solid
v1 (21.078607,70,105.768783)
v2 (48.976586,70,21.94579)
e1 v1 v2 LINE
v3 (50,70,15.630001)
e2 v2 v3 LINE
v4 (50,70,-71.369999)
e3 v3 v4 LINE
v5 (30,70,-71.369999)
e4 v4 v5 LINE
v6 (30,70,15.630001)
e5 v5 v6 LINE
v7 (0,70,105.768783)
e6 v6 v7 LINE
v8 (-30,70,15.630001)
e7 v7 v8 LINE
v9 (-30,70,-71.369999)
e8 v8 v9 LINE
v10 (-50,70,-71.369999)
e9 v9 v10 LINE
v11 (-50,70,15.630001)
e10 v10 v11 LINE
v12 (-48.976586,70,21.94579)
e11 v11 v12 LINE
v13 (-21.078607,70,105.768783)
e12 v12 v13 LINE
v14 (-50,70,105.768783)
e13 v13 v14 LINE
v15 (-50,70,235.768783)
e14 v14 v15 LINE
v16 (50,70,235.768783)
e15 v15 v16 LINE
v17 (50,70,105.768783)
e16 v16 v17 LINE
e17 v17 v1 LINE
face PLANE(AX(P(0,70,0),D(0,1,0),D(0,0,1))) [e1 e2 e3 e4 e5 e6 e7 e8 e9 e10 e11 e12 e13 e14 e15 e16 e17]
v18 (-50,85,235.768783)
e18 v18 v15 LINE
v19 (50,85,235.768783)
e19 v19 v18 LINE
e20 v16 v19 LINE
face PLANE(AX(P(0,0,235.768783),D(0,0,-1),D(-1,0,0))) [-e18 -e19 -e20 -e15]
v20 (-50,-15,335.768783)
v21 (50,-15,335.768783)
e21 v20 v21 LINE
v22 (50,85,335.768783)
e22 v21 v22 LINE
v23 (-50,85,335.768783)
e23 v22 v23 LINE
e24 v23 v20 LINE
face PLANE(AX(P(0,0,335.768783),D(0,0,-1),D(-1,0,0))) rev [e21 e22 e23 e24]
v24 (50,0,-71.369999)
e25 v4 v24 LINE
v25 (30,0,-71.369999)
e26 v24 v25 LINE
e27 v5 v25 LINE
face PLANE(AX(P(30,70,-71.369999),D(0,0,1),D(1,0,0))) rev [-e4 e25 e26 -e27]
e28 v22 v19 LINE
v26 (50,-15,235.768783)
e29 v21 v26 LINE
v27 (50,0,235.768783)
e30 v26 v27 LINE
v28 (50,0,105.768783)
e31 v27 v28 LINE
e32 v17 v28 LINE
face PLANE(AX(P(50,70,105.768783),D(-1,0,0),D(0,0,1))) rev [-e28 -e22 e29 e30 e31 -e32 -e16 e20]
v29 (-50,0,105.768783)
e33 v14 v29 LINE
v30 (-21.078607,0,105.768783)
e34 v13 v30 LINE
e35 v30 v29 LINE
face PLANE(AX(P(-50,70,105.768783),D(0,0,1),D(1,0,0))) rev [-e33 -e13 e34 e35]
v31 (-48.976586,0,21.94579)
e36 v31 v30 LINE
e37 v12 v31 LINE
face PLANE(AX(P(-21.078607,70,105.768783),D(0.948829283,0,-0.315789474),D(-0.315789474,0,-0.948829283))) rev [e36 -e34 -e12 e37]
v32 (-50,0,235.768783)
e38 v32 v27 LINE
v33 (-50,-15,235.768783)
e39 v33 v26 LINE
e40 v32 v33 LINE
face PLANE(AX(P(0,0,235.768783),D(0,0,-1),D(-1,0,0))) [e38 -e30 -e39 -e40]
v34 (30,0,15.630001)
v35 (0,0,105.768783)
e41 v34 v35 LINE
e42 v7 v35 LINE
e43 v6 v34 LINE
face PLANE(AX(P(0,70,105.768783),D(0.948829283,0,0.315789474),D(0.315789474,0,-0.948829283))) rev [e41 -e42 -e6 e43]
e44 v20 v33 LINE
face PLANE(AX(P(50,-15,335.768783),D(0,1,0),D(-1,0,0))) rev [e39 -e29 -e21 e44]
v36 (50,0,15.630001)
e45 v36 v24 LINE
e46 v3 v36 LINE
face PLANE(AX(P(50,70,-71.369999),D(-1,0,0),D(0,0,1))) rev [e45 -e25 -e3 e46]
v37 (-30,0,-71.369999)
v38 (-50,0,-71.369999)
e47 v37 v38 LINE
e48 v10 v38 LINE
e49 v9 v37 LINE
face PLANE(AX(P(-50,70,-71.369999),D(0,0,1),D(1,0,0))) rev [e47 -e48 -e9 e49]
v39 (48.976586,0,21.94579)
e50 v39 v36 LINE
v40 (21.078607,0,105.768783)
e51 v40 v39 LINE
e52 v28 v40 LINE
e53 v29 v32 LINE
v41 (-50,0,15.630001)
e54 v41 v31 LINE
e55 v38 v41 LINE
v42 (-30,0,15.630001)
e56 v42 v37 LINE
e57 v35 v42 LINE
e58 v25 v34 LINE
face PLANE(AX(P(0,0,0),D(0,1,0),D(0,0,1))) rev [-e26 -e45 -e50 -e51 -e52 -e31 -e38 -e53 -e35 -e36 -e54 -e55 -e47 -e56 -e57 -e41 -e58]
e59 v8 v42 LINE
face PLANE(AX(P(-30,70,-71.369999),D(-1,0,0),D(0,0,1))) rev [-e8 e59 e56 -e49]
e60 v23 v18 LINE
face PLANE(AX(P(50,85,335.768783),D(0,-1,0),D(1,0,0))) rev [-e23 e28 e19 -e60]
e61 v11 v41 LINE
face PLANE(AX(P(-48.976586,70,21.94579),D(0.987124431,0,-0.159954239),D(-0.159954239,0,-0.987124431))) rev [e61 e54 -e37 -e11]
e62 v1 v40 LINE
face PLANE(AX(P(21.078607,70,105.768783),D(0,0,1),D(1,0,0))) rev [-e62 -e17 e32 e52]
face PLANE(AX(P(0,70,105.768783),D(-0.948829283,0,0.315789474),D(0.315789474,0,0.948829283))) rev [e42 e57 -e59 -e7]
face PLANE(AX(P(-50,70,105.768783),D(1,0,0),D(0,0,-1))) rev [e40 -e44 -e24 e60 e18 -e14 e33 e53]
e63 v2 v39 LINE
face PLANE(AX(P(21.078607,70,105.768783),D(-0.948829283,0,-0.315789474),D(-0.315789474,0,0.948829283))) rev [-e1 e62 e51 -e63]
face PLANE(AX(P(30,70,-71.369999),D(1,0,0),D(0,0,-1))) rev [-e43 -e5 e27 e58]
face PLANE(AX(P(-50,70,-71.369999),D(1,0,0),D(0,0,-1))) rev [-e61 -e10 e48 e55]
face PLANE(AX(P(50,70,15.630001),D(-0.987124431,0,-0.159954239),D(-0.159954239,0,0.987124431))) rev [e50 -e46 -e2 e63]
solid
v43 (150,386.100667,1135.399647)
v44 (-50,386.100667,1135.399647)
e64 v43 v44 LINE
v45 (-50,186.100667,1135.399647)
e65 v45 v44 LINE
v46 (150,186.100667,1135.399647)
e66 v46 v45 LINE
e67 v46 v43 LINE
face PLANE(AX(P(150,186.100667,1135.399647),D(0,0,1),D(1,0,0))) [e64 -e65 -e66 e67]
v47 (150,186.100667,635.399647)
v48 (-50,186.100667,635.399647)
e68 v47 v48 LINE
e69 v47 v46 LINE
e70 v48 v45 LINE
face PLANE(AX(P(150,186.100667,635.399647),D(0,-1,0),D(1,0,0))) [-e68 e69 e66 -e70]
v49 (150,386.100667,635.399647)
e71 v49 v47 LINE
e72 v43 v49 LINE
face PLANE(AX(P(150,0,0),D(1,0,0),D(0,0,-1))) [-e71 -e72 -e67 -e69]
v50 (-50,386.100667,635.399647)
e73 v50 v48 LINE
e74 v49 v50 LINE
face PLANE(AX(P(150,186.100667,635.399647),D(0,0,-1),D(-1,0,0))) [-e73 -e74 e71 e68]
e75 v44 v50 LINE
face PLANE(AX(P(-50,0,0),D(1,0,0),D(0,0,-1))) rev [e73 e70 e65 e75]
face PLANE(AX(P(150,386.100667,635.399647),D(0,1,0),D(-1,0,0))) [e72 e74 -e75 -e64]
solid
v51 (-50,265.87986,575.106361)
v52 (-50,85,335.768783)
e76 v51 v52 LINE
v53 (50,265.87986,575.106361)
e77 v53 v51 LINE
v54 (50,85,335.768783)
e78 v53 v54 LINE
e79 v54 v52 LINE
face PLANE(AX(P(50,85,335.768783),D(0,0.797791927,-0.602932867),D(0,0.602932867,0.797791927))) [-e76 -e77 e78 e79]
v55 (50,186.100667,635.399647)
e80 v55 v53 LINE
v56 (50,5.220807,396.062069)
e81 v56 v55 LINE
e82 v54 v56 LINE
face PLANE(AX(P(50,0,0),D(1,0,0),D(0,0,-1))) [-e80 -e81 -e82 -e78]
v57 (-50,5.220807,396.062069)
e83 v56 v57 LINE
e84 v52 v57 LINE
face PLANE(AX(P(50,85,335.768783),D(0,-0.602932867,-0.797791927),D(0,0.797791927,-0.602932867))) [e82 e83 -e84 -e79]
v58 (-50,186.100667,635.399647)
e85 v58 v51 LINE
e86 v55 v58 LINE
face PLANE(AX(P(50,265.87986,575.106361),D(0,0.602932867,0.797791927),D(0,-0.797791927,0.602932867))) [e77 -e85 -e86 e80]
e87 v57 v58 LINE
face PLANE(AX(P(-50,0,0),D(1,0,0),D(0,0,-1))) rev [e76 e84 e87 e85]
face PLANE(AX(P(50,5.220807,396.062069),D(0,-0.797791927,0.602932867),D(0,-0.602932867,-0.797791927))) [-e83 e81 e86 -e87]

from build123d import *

# Parameters (mm, degrees)
BOSS_EXTRUDE1_DEPTH = 70
SKETCH2_W           = 100
SKETCH2_H           = 100
BOSS_EXTRUDE2_DEPTH = 100
BOSS_EXTRUDE3_DEPTH = 100
SKETCH4_W           = 500
SKETCH4_H           = 200
BOSS_EXTRUDE4_DEPTH = 200


with BuildPart() as part:
    # Sketch1 → Boss-Extrude1 (new body)
    with BuildSketch(Plane(origin=(0, 0, 0), x_dir=(1, 0, 0), z_dir=(0, 1, 0))):
        Polygon((0, -105.768782521), (-30, -15.630000635), (-30, 71.369999365), (-50, 71.369999365), (-50, -15.630000635), (-48.97658566, -21.945790108), (-21.078607457, -105.768782521), (-50, -105.768782521), (-50, -235.768782521), (50, -235.768782521), (50, -105.768782521), (21.078607457, -105.768782521), (48.97658566, -21.945790108), (50, -15.630000635), (50, 71.369999365), (30, 71.369999365), (30, -15.630000635), align=None)
    extrude(amount=BOSS_EXTRUDE1_DEPTH)

    # Sketch2 → Boss-Extrude2 (add)
    with BuildSketch(Plane.XY.offset(235.768782521)):
        with Locations((0, 35)):
            Rectangle(SKETCH2_W, SKETCH2_H)
    extrude(amount=BOSS_EXTRUDE2_DEPTH)


with BuildPart() as body_2:
    # Sketch3 → Boss-Extrude3 (new body)
    with BuildSketch(Plane.ZY.offset(50)):
        Polygon((335.768782521, 85), (396.06206918, 5.220807325), (635.399647205, 186.100667301), (575.106360546, 265.879859976), align=None)
    extrude(amount=-BOSS_EXTRUDE3_DEPTH)


with BuildPart() as body_3:
    # Sketch4 → Boss-Extrude4 (new body)
    with BuildSketch(Plane.ZY.offset(50)):
        with Locations((885.399647205, 286.100667301)):
            Rectangle(SKETCH4_W, SKETCH4_H)
    extrude(amount=-BOSS_EXTRUDE4_DEPTH)


solid = Compound([part.part, body_2.part, body_3.part])
